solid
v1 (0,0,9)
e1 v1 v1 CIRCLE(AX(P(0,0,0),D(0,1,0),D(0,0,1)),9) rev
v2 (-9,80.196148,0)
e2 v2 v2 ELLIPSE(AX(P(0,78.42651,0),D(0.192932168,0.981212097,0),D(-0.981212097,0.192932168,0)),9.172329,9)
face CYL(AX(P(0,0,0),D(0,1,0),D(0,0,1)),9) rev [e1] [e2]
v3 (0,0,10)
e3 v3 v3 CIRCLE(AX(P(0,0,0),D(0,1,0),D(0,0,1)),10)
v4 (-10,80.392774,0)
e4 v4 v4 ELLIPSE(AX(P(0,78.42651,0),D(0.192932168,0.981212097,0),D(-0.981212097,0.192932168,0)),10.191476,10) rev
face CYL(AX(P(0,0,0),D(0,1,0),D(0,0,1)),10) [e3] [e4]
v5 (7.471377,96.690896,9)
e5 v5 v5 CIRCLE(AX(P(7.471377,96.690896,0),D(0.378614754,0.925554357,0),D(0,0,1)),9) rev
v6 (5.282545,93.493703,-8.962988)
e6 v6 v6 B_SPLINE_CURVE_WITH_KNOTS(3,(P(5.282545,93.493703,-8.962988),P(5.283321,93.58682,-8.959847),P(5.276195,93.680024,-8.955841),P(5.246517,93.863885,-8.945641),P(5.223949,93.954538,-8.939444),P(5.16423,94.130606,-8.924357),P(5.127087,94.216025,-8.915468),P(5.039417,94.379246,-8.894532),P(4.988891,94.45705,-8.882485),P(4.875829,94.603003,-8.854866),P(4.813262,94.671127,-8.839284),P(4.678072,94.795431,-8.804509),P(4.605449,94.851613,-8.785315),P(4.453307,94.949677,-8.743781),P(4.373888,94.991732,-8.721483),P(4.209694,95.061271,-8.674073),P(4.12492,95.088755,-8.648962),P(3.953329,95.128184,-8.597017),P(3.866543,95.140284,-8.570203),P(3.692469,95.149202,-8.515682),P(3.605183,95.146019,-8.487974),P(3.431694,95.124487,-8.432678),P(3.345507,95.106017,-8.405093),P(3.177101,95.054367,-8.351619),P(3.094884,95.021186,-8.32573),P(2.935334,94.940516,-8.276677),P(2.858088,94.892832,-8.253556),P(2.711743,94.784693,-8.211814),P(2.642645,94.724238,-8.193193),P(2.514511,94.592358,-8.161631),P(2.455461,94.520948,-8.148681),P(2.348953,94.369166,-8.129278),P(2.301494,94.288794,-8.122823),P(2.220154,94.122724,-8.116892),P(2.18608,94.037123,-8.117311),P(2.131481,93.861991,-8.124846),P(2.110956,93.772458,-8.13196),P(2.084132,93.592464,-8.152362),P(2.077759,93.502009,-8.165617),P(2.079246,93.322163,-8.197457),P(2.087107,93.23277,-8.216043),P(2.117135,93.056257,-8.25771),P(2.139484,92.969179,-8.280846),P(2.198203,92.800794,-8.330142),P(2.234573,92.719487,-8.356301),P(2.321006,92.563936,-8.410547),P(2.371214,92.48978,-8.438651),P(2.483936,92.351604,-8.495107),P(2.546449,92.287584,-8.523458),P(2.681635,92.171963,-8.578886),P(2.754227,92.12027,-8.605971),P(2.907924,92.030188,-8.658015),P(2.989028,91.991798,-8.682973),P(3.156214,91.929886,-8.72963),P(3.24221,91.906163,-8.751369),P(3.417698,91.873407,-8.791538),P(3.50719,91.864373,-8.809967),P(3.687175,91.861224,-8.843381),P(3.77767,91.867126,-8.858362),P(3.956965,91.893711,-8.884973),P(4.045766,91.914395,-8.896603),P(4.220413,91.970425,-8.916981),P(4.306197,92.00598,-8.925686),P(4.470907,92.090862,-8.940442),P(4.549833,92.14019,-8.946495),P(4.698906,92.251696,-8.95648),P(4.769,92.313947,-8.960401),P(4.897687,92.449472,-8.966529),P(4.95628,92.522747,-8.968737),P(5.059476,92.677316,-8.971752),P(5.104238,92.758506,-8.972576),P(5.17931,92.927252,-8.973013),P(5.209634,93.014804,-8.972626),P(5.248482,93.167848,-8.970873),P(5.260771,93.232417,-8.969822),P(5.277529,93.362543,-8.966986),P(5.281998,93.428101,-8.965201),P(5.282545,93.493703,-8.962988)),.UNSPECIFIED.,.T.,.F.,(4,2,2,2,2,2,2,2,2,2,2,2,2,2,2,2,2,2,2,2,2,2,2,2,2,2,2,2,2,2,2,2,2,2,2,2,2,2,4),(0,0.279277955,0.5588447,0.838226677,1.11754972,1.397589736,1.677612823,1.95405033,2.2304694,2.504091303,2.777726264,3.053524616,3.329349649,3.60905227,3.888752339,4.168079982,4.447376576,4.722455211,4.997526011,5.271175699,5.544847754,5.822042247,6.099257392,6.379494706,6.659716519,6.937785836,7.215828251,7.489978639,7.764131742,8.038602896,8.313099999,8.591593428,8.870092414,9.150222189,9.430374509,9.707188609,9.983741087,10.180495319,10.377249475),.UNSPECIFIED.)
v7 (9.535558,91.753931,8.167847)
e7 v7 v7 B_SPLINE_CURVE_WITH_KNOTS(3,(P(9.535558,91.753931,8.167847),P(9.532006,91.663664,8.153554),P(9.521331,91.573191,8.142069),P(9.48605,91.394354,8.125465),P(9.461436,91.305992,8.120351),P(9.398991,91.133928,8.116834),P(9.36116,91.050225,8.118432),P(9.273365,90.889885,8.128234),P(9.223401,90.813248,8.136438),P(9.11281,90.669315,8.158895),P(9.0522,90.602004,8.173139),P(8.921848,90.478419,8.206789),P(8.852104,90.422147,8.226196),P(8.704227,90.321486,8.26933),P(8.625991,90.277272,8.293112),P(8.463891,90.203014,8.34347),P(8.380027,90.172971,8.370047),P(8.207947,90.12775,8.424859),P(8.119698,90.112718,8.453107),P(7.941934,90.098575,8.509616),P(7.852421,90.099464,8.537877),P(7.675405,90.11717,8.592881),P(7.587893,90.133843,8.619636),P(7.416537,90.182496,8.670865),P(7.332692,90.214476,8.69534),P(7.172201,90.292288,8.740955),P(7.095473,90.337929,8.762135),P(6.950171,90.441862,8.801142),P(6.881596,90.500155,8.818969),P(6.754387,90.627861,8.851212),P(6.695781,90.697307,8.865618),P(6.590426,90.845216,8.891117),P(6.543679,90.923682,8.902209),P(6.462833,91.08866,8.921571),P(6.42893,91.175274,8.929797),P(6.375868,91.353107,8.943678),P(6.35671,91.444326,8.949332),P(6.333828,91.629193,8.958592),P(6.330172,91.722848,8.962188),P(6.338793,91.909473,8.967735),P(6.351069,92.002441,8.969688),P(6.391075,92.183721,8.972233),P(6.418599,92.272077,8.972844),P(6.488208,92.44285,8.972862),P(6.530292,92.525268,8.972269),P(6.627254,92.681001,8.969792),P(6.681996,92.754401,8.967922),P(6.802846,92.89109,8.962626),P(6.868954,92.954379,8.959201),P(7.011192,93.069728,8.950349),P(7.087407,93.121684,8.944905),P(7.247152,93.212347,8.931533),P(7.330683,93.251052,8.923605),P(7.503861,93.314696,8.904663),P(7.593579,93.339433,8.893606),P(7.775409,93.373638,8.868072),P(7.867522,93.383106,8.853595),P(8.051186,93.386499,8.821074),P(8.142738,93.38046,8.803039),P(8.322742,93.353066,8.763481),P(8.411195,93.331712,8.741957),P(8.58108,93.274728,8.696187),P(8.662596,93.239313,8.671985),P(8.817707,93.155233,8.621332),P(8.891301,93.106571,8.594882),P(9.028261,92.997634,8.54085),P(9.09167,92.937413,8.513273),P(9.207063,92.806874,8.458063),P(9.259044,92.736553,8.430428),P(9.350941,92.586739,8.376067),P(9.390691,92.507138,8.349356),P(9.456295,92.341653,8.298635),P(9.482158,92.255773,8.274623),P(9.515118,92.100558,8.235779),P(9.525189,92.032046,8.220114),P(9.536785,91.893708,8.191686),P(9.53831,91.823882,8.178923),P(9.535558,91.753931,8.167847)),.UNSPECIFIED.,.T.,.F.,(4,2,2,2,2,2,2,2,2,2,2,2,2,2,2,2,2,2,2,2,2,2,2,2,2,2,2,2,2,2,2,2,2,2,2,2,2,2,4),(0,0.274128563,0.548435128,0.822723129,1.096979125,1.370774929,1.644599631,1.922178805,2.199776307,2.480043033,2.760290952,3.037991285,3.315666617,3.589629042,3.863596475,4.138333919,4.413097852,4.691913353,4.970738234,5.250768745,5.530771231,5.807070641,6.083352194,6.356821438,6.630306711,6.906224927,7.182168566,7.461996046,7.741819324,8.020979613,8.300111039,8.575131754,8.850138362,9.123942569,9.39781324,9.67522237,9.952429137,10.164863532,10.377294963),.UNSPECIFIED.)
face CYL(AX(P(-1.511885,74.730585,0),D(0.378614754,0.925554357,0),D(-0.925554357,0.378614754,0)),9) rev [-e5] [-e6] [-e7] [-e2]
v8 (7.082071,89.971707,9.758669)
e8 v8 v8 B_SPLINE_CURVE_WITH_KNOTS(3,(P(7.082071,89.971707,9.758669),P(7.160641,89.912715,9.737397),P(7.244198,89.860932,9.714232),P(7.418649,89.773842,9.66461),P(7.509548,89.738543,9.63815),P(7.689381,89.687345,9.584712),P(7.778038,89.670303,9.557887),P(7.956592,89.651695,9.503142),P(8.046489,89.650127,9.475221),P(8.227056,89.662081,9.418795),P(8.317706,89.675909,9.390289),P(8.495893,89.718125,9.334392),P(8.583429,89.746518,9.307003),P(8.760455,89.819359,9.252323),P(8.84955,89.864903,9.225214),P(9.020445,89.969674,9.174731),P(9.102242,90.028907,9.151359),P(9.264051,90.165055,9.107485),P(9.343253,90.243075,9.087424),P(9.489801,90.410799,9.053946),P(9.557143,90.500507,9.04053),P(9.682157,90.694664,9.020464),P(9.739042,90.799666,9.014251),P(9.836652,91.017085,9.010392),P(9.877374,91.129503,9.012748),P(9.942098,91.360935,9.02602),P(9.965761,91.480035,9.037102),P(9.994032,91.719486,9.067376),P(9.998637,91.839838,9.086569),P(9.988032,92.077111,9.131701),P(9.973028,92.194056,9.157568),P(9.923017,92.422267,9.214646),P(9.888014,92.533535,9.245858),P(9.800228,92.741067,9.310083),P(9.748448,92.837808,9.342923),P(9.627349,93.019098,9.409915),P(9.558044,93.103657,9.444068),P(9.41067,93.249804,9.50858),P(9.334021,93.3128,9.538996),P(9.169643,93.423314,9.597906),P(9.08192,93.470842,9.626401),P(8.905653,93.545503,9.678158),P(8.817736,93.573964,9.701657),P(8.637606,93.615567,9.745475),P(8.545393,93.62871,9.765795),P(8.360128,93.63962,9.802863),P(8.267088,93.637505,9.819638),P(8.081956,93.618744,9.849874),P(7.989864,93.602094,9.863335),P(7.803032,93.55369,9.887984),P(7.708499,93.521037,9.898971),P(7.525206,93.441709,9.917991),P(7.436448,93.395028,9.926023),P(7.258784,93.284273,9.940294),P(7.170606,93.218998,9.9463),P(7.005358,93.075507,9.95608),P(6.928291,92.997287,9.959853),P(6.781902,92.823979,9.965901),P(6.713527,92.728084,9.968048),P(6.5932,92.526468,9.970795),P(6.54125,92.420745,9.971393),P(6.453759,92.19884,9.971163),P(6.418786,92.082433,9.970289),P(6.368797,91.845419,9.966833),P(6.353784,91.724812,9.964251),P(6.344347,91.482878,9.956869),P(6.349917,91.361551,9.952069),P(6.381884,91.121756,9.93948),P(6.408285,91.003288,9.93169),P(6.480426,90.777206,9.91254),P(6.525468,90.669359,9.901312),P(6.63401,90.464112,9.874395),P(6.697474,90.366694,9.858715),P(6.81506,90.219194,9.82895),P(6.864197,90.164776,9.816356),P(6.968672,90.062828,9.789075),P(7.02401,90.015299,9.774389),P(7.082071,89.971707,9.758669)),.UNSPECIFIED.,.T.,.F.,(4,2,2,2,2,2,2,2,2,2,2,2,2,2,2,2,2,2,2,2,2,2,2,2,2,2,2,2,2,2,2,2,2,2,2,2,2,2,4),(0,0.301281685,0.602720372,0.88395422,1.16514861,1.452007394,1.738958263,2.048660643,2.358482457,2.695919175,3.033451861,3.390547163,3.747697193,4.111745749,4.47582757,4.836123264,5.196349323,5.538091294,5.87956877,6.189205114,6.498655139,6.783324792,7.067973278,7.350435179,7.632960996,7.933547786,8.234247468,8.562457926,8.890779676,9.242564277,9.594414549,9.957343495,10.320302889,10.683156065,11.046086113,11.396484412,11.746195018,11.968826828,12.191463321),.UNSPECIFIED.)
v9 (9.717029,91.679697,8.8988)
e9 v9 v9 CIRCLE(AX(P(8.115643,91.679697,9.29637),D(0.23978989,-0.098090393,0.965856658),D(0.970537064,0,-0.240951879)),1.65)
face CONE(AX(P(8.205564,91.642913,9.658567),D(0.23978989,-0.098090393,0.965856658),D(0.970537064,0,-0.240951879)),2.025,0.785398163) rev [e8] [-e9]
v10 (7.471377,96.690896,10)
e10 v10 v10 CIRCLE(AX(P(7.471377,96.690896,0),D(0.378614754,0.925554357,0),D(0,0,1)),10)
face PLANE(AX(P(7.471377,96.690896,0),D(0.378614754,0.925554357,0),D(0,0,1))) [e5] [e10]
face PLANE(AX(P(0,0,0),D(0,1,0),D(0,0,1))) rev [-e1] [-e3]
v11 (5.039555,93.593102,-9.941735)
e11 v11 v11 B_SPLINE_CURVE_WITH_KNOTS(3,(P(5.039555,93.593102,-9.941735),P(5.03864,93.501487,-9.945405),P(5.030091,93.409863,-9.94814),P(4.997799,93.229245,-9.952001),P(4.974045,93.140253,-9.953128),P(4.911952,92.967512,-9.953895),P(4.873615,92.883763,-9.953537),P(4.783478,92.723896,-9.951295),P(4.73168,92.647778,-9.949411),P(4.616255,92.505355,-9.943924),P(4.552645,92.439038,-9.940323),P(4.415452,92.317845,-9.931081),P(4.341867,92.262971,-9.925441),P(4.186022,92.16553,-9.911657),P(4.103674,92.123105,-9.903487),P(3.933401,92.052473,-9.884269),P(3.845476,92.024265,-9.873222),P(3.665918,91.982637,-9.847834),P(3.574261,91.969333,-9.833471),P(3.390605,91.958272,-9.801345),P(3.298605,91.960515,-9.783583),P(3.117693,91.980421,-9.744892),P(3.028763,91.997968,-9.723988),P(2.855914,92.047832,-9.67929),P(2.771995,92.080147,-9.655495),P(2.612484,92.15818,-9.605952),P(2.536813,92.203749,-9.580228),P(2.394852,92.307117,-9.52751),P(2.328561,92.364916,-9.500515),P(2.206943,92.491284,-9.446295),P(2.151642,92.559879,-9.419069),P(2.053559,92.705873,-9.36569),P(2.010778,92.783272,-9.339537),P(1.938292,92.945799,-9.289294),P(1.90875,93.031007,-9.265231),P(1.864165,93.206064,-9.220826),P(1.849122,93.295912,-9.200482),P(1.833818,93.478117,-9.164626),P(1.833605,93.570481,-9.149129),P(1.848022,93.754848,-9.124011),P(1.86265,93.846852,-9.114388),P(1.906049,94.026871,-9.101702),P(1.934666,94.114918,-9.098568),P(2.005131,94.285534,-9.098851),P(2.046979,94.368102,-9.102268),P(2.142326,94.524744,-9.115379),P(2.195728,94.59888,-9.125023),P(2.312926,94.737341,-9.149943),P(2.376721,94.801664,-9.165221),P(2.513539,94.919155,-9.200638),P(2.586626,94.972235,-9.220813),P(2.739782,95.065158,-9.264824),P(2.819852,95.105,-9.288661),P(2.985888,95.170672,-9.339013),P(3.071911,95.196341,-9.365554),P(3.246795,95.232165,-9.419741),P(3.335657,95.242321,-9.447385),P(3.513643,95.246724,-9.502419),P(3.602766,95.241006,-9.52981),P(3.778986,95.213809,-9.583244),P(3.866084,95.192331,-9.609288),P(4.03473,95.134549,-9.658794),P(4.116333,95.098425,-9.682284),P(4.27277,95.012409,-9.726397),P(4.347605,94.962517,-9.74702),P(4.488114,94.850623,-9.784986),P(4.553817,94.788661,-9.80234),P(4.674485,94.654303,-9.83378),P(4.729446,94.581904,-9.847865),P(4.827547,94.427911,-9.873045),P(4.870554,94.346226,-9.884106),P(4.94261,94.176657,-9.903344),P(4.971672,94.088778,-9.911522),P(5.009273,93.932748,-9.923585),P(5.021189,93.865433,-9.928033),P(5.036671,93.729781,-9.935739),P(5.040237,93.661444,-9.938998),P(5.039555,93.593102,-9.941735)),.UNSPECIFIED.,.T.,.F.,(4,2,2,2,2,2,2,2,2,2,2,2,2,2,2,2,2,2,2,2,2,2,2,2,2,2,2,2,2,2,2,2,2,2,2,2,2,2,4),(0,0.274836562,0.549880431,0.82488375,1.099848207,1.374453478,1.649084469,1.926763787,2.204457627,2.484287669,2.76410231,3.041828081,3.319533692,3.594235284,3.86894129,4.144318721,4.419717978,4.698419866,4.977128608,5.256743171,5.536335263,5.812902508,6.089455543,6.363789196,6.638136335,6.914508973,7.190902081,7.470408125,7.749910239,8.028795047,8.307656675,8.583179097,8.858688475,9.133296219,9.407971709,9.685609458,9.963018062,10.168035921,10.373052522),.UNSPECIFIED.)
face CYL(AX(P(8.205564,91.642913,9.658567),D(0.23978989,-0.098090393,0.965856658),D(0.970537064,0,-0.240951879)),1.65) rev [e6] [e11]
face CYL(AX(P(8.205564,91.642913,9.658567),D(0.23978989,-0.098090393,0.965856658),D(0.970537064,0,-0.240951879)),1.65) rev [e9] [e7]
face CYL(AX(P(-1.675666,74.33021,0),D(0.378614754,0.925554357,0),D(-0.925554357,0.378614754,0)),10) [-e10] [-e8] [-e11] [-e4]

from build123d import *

# Parameters (mm, degrees)
SKETCH_1_R          = 10
SKETCH_1_R_2        = 9
M4X0_71_D           = 3.3
M4X0_71_CSINK_D     = 4.05
M4X0_71_CSINK_ANGLE = 90


with BuildPart() as part:
    # По траектории2: sweep along a path in Эскиз2
    with BuildLine(Plane.XY) as sweep_2_path:
        Line((0, 0), (0, 78.426510273))
        Line((0, 78.426510273), (7.471377296, 96.690895762))
    # Эскиз1 → По траектории2 (sweep)
    with BuildSketch(Plane(origin=(0, 0, 0), x_dir=(1, 0, 0), z_dir=(0, 1, 0))):
        Circle(SKETCH_1_R)
        Circle(SKETCH_1_R_2, mode=Mode.SUBTRACT)
    sweep(path=sweep_2_path.line, transition=Transition.RIGHT)

    # Отверстие обработанное метчиком M4x0.71 (through all)
    with Locations(Plane(origin=(8.205564009, 91.642912959, 9.658566578), x_dir=(0.970537064, 0, -0.240951879), z_dir=(0.23978989, -0.098090393, 0.965856658))):
        with Locations((0, 0)):
            CounterSinkHole(M4X0_71_D / 2, M4X0_71_CSINK_D / 2, counter_sink_angle=M4X0_71_CSINK_ANGLE)


solid = part.part
